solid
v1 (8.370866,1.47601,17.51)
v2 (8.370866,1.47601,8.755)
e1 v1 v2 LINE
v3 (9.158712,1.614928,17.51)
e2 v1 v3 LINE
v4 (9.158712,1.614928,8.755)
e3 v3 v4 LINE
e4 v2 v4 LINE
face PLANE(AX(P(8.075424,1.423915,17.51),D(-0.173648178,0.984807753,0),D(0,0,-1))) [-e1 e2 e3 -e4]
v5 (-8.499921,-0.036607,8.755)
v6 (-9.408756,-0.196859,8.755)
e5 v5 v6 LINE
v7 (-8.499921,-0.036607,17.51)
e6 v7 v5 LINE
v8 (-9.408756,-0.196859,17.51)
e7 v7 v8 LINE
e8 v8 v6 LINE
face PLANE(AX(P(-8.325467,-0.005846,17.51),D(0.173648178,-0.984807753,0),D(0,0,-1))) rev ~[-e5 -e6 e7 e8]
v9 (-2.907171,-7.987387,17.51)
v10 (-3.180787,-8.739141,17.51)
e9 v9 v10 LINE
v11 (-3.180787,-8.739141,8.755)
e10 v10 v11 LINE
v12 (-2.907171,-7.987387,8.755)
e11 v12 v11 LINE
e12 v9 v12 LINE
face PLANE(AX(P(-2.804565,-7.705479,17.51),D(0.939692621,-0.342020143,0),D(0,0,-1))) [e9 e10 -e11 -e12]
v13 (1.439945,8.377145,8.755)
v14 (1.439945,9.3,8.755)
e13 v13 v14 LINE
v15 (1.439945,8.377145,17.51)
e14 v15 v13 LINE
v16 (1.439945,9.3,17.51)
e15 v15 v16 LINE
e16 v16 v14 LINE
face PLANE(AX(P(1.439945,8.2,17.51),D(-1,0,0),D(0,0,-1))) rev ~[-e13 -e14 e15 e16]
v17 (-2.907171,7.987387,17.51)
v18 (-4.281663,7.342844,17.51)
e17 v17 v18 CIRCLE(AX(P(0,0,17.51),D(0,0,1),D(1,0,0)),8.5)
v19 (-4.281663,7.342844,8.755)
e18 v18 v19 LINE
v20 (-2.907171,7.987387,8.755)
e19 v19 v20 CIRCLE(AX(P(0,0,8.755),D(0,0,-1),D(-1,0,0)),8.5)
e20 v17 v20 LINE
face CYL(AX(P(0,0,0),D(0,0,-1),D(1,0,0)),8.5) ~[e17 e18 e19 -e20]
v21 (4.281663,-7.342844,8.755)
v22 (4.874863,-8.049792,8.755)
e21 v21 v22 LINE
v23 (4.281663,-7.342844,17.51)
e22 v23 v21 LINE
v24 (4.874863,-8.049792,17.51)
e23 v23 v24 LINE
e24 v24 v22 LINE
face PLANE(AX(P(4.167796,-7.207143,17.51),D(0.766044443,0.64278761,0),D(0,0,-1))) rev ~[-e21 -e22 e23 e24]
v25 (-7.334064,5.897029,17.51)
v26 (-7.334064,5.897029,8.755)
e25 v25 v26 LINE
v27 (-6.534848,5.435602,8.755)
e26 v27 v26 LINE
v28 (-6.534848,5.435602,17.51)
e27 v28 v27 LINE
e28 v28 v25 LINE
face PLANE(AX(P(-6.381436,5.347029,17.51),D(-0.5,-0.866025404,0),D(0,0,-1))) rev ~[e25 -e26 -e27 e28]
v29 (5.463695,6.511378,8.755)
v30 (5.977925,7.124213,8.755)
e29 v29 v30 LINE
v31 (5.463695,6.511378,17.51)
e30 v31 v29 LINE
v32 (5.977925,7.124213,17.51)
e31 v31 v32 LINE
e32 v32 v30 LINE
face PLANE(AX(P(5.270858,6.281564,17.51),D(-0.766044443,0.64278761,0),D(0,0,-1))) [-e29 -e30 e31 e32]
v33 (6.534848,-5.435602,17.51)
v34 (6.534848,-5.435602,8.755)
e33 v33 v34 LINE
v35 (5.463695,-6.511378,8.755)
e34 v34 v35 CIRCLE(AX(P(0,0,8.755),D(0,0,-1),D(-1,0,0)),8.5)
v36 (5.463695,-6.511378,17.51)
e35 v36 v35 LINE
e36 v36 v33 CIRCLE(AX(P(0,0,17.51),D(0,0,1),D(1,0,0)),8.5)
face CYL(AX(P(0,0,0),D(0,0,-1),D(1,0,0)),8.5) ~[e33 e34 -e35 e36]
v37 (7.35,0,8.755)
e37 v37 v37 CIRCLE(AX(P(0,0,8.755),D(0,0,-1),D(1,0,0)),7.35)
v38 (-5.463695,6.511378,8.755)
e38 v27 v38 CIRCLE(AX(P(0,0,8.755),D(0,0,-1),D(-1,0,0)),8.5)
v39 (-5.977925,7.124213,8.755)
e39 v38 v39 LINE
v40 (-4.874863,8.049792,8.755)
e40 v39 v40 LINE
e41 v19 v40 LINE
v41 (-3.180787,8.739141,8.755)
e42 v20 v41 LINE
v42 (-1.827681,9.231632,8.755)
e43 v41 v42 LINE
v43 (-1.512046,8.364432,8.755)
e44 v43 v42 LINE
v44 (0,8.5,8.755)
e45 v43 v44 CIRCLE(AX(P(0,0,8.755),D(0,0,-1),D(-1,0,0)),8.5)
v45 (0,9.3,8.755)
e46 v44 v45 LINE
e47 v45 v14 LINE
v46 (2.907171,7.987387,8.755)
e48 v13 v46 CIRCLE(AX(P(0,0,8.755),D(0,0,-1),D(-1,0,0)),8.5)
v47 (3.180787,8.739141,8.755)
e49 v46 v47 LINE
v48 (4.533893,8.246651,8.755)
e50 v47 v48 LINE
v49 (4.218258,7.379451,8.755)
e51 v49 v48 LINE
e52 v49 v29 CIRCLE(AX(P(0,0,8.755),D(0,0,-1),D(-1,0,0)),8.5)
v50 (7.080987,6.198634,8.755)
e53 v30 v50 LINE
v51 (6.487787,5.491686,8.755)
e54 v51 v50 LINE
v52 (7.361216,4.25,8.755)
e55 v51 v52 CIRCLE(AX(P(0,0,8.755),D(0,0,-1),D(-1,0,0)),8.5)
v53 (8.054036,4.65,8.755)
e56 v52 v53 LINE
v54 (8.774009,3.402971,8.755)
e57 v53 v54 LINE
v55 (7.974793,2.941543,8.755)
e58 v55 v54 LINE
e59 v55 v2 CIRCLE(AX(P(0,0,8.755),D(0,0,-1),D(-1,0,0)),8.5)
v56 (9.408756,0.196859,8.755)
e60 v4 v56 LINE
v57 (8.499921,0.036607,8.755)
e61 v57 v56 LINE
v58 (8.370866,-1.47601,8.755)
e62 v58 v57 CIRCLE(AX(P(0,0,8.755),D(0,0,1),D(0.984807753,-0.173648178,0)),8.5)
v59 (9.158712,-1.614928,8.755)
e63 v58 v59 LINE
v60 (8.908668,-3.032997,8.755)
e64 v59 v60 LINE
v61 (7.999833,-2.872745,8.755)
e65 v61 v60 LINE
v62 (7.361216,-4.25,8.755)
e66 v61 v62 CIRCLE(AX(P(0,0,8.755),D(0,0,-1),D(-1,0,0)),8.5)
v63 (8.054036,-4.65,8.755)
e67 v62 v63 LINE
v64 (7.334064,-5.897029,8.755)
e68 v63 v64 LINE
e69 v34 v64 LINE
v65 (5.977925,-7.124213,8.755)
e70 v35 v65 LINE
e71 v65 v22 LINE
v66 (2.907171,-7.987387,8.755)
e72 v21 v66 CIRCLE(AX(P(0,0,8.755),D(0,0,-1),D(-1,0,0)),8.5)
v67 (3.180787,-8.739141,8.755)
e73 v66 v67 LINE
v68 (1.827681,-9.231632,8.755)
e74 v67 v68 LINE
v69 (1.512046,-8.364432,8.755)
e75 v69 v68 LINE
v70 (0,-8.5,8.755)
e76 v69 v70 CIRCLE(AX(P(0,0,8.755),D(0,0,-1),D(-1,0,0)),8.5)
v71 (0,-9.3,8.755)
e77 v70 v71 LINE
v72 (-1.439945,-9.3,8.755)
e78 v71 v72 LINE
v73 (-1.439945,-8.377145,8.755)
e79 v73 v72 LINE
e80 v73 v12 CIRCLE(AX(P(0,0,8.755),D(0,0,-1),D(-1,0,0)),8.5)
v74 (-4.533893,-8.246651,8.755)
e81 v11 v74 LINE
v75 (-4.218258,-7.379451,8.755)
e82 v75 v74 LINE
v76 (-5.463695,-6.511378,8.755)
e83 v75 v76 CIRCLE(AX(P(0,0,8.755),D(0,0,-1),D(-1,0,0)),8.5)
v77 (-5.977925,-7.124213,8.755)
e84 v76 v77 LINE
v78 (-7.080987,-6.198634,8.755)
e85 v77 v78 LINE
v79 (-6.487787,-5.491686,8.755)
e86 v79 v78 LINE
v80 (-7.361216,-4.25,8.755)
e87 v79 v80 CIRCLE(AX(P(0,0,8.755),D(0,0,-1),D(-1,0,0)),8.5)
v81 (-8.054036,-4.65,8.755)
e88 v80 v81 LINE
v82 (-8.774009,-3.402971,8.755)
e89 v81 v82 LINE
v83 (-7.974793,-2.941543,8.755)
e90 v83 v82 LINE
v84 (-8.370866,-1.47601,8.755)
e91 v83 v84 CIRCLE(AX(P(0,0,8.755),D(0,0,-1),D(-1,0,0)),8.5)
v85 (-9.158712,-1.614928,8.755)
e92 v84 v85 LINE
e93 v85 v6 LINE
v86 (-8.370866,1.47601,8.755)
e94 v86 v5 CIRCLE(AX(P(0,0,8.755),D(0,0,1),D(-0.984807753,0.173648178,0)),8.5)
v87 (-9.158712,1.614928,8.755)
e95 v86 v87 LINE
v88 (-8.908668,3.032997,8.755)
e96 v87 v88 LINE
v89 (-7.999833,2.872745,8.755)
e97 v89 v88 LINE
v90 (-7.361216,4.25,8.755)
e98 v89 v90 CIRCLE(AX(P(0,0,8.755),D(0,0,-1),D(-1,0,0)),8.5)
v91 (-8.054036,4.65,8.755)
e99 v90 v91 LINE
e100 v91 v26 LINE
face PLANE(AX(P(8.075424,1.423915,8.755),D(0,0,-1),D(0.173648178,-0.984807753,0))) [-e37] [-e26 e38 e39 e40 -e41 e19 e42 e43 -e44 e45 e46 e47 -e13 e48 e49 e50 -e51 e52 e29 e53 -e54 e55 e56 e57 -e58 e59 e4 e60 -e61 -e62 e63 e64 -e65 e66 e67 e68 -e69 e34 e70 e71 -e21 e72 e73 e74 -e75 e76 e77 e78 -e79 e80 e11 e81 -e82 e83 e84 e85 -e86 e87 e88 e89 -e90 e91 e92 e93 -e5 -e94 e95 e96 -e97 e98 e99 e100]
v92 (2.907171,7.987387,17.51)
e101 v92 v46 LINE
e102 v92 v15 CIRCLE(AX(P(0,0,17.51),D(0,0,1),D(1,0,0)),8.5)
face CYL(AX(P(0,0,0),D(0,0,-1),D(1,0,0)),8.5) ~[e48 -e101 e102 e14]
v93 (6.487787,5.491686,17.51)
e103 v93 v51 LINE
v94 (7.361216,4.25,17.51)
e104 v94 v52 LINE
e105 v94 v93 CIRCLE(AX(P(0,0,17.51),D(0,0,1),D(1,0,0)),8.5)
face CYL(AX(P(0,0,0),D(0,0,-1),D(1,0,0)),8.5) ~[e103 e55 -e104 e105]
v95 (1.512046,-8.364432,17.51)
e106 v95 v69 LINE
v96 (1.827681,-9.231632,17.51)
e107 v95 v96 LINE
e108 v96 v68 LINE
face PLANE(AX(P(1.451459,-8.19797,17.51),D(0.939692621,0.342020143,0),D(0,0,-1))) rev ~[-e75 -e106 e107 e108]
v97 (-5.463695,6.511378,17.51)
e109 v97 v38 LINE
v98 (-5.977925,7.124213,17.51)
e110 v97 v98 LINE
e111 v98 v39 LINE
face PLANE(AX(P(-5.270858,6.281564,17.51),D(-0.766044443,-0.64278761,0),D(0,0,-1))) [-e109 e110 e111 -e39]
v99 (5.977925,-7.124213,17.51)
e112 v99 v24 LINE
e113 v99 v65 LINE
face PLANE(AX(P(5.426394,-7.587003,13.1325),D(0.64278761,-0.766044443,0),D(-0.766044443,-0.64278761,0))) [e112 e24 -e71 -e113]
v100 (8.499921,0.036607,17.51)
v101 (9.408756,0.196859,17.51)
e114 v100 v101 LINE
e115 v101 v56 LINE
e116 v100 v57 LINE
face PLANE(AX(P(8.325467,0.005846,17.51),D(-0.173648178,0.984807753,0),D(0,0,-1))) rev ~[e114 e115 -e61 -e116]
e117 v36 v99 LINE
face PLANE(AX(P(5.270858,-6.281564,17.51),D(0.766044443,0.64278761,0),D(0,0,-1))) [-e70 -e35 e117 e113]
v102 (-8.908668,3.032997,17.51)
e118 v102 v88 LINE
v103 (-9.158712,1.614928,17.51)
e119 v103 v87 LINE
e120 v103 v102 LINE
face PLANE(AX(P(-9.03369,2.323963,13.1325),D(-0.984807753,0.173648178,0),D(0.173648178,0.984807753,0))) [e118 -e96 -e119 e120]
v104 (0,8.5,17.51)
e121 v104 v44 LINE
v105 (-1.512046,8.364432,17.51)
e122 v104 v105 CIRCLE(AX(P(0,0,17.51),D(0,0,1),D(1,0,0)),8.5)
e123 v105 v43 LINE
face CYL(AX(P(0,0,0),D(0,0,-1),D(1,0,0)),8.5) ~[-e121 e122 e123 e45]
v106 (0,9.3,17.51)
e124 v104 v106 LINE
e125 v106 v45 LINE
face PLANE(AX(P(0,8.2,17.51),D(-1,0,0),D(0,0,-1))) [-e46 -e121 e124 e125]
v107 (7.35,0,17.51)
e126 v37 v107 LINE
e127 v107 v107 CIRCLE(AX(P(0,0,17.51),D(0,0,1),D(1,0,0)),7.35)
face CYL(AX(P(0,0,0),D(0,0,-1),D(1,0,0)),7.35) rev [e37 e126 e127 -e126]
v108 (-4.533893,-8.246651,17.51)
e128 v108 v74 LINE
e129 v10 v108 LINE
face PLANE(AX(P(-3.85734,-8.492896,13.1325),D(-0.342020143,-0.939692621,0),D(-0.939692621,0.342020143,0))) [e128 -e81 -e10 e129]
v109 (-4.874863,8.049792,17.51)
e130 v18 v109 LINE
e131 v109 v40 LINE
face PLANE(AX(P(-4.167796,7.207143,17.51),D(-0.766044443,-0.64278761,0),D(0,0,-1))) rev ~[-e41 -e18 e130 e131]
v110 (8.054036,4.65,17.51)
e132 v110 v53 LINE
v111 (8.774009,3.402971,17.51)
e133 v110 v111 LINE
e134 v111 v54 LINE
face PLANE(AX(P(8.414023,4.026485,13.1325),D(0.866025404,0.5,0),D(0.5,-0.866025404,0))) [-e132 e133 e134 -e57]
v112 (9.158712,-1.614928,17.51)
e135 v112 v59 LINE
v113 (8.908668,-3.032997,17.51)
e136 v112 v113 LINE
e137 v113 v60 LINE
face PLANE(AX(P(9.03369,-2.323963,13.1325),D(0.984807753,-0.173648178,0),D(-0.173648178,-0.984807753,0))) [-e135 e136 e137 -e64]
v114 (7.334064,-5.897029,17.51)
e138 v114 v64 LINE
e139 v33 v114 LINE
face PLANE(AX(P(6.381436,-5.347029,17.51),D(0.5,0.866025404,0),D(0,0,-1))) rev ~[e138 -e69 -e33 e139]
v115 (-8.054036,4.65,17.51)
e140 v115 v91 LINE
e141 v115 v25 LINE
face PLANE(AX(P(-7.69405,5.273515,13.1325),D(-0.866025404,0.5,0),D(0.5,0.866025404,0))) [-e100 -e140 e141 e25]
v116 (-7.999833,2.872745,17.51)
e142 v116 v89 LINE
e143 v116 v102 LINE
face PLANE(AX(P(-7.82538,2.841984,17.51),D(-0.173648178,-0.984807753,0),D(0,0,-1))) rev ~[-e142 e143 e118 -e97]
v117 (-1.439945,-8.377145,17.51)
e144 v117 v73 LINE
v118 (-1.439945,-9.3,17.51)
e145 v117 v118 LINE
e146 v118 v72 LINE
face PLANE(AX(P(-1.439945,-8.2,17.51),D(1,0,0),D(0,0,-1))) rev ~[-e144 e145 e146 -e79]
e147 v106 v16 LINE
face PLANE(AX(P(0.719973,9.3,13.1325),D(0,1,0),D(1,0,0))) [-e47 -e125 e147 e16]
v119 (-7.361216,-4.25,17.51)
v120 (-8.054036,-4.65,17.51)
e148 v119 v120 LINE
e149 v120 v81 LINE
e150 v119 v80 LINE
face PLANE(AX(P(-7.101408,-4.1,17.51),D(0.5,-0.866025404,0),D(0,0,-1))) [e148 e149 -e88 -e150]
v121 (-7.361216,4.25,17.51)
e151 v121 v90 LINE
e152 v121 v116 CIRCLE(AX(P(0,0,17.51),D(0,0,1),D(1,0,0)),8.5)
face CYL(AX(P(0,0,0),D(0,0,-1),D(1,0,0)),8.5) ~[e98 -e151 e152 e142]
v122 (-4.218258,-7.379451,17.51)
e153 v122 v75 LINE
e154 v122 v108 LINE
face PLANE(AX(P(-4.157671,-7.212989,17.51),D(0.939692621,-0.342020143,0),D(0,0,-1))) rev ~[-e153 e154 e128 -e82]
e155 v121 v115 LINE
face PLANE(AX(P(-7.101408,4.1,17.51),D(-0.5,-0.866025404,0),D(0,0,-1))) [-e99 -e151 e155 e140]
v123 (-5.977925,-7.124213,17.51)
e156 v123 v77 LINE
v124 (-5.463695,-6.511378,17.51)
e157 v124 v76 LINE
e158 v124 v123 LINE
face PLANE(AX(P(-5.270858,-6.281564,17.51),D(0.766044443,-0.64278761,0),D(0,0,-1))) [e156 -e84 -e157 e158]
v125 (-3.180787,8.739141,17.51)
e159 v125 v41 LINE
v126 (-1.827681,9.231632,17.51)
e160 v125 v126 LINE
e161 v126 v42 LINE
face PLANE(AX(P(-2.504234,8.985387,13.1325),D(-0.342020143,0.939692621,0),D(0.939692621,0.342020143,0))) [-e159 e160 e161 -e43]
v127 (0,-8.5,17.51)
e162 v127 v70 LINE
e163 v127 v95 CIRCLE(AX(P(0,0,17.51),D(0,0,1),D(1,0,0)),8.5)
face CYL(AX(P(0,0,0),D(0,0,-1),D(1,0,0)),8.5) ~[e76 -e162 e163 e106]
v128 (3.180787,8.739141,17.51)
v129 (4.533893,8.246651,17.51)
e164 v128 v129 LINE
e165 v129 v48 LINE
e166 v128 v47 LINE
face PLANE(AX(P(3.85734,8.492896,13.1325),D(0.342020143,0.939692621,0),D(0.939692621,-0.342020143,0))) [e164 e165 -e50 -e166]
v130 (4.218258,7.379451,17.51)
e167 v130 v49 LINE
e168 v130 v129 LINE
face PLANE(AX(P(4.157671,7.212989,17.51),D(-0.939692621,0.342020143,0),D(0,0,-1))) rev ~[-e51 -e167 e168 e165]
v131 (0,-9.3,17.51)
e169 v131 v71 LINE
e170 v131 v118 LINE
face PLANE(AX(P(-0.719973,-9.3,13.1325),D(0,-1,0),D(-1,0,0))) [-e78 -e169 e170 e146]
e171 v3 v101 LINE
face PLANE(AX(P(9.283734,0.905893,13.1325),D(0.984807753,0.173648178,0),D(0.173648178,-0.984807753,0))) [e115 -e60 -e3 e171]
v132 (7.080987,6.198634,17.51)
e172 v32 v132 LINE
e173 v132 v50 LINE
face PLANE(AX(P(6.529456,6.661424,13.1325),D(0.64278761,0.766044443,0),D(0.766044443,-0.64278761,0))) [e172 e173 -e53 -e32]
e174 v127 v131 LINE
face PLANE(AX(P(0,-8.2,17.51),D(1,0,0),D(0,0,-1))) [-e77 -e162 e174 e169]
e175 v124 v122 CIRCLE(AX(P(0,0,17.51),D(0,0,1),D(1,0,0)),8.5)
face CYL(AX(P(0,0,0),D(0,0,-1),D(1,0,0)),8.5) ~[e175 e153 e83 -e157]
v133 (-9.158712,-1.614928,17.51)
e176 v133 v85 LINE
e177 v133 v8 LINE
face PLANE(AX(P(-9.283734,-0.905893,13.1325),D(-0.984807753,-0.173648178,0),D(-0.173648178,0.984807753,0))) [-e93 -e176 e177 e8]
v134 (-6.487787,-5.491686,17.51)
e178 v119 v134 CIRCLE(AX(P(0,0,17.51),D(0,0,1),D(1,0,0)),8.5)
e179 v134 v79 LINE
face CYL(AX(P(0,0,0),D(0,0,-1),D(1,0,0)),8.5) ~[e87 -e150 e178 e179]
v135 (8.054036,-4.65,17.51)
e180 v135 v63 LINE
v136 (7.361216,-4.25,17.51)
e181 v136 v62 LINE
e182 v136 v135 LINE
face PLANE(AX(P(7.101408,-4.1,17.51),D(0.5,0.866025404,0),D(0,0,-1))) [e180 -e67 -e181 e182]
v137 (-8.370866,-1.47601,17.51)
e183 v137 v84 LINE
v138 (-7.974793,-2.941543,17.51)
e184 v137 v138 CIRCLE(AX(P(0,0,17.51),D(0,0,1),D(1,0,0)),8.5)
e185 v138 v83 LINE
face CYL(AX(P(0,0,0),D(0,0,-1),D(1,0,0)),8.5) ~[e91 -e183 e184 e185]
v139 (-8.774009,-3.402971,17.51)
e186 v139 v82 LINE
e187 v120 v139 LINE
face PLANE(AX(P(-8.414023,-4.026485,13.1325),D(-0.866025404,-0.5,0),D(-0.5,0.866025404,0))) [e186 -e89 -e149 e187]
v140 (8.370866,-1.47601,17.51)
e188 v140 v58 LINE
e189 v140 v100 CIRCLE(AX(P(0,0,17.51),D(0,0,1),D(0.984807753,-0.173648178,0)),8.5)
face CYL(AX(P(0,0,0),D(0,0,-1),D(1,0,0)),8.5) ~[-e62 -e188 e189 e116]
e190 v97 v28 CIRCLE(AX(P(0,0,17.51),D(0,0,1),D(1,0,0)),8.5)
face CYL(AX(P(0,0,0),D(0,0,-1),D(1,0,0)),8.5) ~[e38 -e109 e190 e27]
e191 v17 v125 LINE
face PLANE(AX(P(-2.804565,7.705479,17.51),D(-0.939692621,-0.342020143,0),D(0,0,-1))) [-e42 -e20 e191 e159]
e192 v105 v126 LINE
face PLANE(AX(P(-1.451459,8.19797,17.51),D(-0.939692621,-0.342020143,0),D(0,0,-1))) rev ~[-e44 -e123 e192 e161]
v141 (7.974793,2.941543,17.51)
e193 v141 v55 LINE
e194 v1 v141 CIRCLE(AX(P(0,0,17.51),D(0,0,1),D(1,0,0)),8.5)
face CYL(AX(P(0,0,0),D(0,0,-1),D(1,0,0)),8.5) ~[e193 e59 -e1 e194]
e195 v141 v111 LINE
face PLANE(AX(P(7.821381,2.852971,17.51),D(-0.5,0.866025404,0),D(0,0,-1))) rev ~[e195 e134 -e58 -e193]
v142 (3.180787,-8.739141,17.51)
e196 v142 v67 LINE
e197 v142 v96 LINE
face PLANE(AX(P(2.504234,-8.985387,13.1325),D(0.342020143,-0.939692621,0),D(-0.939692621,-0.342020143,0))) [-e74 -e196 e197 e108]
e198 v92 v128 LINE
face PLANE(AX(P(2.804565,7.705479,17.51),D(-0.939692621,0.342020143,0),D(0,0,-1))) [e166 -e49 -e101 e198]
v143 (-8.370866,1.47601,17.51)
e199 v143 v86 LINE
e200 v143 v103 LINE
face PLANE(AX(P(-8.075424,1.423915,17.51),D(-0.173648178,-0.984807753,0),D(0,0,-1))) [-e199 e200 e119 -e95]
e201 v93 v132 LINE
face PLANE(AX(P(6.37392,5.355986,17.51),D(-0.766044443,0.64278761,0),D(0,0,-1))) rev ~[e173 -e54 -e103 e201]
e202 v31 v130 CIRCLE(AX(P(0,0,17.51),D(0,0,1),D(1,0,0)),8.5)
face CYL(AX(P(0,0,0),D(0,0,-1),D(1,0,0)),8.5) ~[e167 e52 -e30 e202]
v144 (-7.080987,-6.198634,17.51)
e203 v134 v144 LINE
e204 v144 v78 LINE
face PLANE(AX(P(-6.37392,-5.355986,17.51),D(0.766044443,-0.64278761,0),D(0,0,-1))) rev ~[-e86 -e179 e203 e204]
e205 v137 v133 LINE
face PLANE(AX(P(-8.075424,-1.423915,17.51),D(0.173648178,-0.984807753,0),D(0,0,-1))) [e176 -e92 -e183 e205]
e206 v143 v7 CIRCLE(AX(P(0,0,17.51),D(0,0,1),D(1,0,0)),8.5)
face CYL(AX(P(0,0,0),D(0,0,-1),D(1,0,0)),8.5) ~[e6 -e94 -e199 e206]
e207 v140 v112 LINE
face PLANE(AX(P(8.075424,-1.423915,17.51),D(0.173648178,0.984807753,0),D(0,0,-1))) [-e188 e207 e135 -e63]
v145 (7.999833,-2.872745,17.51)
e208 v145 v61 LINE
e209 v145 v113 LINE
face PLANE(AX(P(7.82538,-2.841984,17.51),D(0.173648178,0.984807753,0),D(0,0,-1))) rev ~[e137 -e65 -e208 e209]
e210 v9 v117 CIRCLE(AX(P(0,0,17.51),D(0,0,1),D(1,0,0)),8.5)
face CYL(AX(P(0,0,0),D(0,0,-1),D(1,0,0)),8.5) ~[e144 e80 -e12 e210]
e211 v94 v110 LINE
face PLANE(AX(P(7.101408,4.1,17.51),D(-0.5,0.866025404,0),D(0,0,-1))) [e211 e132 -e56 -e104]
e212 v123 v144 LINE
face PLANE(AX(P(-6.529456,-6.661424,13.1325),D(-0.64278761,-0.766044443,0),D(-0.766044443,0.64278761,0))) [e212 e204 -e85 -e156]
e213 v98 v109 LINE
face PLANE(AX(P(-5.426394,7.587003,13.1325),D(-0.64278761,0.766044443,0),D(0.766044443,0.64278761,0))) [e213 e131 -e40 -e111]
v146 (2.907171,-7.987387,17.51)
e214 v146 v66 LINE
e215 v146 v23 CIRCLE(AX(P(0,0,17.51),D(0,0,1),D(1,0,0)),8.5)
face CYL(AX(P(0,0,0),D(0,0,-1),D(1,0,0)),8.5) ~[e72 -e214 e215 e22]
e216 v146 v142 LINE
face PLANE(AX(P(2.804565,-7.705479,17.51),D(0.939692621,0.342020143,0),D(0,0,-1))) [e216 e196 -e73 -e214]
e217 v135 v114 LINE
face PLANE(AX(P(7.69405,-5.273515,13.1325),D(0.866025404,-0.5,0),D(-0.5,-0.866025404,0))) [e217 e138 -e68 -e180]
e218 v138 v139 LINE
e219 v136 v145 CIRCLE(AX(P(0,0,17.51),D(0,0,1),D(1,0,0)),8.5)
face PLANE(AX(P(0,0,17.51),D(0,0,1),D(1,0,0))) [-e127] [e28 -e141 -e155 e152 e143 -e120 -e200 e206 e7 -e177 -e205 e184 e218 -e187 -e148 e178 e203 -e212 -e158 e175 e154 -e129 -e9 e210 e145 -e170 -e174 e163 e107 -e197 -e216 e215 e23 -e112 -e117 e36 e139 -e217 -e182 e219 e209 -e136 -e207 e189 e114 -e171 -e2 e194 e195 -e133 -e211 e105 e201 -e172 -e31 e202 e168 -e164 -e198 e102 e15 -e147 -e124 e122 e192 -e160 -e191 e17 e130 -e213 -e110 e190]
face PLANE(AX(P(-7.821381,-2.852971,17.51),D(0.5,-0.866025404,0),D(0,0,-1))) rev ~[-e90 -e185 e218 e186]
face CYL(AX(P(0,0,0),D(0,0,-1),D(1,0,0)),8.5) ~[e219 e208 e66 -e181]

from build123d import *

# Parameters (mm, degrees)
SKETCH1_R           = 8.5
SKETCH1_R_2         = 7.35
BOSS_EXTRUDE3_DEPTH = 17.51
BOSS_EXTRUDE5_START = -0.3
SKETCH3_W           = 1.43994518
SKETCH3_H           = 8.755
BOSS_EXTRUDE5_DEPTH = 1.1
CIRPATTERN1_COUNT   = 18
SKETCH6_R           = 8.5
CUT_EXTRUDE1_DEPTH  = 8.755


with BuildPart() as part:
    # Sketch1 → Boss-Extrude3 (new body)
    with BuildSketch(Plane.XY):
        Circle(SKETCH1_R)
        Circle(SKETCH1_R_2, mode=Mode.SUBTRACT)
    extrude(amount=BOSS_EXTRUDE3_DEPTH)

    # Sketch3 → Boss-Extrude5 (add)
    with BuildSketch(Plane(origin=(0, 8.5, 0), x_dir=(1, 0, 0), z_dir=(0, 1, 0)).offset(BOSS_EXTRUDE5_START)):
        with Locations((0.71997259, -13.1325)):
            Rectangle(SKETCH3_W, SKETCH3_H)
    boss_extrude5 = extrude(amount=BOSS_EXTRUDE5_DEPTH)

    # CirPattern1: Boss-Extrude5 ×18 about axis
    cirpattern1_axis = Axis((0, 0, 0), (0, 0, 1))
    for i in range(1, CIRPATTERN1_COUNT):
        add(boss_extrude5.rotate(cirpattern1_axis, i * 360 / CIRPATTERN1_COUNT))

    # Sketch6 → Cut-Extrude1 (cut)
    with BuildSketch(Plane(origin=(0, 0, 0), x_dir=(-1, 0, 0), z_dir=(0, 0, -1))):
        Circle(SKETCH6_R)
    extrude(amount=-CUT_EXTRUDE1_DEPTH, mode=Mode.SUBTRACT)


solid = part.part
